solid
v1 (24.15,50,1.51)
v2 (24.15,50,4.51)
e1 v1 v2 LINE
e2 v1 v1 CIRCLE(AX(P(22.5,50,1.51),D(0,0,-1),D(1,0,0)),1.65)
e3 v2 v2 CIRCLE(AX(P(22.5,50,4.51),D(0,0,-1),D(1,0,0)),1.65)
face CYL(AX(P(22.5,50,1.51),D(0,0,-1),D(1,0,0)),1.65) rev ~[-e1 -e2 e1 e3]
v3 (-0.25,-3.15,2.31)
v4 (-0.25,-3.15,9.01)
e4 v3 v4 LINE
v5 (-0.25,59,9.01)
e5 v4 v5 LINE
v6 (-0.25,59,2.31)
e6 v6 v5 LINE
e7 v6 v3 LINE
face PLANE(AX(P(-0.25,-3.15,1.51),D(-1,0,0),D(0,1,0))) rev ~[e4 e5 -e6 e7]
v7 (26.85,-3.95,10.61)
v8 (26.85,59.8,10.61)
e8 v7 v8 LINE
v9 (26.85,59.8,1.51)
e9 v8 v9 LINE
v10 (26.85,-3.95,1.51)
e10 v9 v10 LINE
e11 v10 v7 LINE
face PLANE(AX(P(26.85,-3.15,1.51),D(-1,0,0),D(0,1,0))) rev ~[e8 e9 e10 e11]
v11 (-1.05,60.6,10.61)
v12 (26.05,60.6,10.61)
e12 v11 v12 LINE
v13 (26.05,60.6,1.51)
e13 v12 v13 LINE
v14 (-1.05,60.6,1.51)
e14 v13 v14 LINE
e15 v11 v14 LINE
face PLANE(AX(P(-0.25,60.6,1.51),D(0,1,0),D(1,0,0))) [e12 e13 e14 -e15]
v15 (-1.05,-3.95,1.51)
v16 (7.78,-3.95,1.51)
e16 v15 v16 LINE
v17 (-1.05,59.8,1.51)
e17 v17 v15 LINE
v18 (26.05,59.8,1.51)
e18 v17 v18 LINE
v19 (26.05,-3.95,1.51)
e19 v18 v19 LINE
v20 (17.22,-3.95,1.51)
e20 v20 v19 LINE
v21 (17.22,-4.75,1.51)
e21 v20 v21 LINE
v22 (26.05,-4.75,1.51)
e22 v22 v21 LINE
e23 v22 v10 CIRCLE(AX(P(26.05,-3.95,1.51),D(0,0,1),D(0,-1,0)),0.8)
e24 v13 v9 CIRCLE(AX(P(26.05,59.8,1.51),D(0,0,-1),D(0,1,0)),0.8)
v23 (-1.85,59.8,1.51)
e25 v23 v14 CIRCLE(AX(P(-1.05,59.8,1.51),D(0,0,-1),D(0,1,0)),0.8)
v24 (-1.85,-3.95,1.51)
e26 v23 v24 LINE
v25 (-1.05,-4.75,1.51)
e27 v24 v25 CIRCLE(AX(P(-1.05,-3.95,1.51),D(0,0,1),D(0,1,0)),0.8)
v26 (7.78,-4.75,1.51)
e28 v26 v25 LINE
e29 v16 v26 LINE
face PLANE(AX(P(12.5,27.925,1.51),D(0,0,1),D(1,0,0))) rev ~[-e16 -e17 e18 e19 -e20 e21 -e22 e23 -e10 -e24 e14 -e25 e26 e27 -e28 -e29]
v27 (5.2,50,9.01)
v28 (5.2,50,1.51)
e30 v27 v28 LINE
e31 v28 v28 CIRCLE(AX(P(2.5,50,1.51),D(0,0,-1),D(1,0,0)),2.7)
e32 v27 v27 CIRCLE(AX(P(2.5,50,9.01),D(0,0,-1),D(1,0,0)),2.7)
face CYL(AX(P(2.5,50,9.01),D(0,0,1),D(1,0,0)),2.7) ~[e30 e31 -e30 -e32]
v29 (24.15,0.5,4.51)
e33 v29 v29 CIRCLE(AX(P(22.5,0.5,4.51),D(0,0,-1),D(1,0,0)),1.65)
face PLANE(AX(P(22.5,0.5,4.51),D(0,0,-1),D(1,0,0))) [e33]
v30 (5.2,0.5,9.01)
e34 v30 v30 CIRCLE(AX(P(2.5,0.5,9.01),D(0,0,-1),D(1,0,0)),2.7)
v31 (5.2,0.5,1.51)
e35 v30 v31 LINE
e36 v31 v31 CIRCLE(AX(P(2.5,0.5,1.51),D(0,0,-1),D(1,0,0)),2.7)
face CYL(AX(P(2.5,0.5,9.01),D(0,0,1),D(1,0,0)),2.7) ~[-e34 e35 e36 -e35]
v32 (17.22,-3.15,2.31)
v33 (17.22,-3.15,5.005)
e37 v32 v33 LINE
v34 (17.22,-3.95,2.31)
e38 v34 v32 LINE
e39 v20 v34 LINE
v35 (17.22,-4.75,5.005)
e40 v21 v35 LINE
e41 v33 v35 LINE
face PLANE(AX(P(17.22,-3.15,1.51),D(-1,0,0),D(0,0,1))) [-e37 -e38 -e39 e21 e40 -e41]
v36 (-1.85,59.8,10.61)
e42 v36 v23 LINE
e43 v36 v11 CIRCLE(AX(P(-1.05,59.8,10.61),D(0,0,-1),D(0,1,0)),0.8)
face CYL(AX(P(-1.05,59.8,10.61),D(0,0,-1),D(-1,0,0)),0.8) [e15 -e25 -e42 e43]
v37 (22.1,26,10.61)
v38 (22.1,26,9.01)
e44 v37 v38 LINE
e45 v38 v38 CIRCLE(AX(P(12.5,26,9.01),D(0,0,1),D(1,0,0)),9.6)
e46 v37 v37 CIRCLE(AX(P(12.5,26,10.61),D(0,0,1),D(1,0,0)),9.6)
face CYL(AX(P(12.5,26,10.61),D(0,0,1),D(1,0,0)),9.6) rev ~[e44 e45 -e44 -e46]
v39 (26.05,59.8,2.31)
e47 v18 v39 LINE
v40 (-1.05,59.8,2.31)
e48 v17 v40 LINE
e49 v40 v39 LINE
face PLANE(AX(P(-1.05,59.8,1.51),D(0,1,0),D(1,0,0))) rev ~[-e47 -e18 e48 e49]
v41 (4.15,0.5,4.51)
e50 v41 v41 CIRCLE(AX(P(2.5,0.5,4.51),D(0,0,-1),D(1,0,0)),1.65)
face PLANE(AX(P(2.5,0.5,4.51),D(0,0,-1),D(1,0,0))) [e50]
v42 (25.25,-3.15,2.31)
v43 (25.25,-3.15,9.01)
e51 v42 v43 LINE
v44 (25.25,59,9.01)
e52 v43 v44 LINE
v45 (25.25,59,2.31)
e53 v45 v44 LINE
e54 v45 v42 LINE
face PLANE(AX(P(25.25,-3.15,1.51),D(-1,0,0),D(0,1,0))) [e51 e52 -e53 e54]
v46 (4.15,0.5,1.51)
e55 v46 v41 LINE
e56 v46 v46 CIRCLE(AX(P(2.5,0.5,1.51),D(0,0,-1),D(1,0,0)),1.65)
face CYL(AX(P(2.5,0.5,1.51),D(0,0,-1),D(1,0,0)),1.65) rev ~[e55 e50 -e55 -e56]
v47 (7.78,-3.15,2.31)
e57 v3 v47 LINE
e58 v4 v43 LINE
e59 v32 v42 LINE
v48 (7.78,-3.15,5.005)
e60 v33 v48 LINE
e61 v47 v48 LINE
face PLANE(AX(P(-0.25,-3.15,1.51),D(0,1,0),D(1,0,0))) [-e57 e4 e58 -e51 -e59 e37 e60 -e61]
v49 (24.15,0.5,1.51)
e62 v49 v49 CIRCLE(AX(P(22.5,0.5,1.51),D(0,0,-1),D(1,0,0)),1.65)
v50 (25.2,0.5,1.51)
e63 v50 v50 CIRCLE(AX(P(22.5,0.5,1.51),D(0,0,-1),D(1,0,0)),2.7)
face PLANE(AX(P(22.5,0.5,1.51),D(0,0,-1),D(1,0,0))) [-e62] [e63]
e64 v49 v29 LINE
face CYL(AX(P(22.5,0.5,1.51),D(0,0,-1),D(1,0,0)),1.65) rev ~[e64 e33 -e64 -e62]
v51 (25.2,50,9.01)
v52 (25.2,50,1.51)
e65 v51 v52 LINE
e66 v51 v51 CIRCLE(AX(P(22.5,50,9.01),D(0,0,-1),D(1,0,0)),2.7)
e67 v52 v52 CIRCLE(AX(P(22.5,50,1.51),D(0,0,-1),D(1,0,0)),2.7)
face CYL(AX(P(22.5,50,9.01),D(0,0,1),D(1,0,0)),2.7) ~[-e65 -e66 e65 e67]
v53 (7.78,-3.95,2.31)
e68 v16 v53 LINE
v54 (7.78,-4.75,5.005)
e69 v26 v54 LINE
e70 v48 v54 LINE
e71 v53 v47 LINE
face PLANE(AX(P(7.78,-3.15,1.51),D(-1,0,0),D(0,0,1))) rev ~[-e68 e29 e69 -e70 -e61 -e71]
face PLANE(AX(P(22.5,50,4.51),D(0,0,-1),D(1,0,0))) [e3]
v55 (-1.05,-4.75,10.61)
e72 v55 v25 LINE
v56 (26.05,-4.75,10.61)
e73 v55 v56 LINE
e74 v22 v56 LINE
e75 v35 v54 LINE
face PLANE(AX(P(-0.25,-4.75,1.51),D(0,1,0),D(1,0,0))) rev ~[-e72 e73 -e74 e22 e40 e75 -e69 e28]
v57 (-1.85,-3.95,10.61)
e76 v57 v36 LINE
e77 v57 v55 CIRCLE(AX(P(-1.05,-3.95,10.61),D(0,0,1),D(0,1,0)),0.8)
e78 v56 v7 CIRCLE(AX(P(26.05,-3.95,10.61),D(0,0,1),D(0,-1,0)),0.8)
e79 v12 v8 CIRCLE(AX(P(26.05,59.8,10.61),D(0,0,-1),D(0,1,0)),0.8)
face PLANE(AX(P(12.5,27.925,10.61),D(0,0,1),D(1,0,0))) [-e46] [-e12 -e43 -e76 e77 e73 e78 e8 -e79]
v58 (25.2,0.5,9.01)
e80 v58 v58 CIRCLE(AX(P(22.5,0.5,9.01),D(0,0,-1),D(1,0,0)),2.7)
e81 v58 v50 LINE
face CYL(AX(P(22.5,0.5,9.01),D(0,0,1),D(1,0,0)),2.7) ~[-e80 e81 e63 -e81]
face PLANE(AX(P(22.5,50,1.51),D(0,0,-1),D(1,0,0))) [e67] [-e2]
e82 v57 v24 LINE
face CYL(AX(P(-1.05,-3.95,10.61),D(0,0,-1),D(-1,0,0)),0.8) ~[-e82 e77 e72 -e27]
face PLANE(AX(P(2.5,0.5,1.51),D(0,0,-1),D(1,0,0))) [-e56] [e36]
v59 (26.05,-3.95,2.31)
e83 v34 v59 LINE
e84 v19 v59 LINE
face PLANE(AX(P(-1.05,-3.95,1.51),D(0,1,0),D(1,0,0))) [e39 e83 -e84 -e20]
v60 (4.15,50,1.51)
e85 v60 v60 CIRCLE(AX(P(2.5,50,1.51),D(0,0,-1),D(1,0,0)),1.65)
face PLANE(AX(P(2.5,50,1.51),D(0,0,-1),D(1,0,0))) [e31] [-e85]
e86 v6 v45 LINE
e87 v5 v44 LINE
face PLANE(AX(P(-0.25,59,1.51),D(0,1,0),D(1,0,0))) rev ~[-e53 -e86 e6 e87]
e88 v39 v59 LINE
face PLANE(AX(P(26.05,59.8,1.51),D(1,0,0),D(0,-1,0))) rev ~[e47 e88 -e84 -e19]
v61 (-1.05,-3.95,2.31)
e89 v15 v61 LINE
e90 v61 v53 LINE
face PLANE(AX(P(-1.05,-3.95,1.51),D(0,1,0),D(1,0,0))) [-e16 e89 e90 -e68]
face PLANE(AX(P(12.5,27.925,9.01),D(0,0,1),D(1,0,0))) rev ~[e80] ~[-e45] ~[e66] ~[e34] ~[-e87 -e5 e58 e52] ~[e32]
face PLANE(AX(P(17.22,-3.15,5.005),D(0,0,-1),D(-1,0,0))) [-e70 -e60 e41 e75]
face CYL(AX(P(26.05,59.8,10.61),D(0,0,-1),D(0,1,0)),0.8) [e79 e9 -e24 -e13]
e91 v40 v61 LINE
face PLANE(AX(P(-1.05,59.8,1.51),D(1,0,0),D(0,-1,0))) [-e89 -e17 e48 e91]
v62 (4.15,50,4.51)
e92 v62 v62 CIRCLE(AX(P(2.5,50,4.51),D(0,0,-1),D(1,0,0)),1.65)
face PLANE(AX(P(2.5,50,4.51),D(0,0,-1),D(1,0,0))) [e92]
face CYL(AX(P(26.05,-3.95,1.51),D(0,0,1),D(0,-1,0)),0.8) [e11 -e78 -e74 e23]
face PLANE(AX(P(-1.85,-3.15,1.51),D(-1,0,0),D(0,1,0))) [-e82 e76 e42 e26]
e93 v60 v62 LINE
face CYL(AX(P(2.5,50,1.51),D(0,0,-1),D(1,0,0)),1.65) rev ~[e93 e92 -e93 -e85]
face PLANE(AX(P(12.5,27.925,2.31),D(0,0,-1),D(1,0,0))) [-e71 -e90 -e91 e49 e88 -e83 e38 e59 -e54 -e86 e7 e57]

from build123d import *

# Parameters (mm, degrees)
SKETCH007_W     = 25.5
SKETCH007_H     = 62.15
PAD004_DEPTH    = 7.5
THICKNESS001_T  = 1.6
SKETCH008_R     = 9.6
POCKET002_DEPTH = 5
SKETCH009_W     = 27.1
SKETCH009_H     = 63.75
SKETCH009_W_2   = 25.5
SKETCH009_H_2   = 62.15
POCKET003_DEPTH = 0.8
FILLET001_R     = 0.8
SKETCH010_R     = 2.7
PAD005_DEPTH    = 7.5
SKETCH011_R     = 1.65
POCKET004_DEPTH = 3
SKETCH012_W     = 9.44
SKETCH012_H     = 3.495
POCKET005_DEPTH = 5


with BuildPart() as part:
    # Sketch007 (on Face1 of Binder001) → Pad004 (new body)
    with BuildSketch(Plane.XY.offset(1.51)):
        with Locations((12.5, 27.925)):
            Rectangle(SKETCH007_W, SKETCH007_H)
    extrude(amount=PAD004_DEPTH)

    # Thickness001
    thickness001_openings = [part.faces().sort_by_distance(p)[0] for p in [
        (12.5, 27.925, 1.51),
    ]]
    offset(amount=THICKNESS001_T, openings=thickness001_openings, kind=Kind.INTERSECTION)

    # Sketch008 (on Face11 of Thickness001) → Pocket002 (cut)
    with BuildSketch(Plane.XY.offset(10.61)):
        with Locations((12.5, 26)):
            Circle(SKETCH008_R)
    extrude(amount=-POCKET002_DEPTH, mode=Mode.SUBTRACT)

    # Sketch009 (on Face4 of Pocket002) → Pocket003 (cut)
    with BuildSketch(Plane(origin=(0, 0, 1.51), x_dir=(1, 0, 0), z_dir=(0, 0, -1))):
        with Locations((12.5, -27.925)):
            Rectangle(SKETCH009_W, SKETCH009_H)
        with Locations((12.5, -27.925)):
            Rectangle(SKETCH009_W_2, SKETCH009_H_2, mode=Mode.SUBTRACT)
    extrude(amount=-POCKET003_DEPTH, mode=Mode.SUBTRACT)

    # Fillet001
    fillet001_edges = [part.edges().sort_by_distance(p)[0] for p in [
        (26.85, -4.75, 6.06),
        (26.85, 60.6, 6.06),
        (-1.85, 60.6, 6.06),
        (-1.85, -4.75, 6.06),
    ]]
    fillet(fillet001_edges, radius=FILLET001_R)

    # Sketch010 (on Face21 of Fillet001) → Pad005 (join)
    with BuildSketch(Plane(origin=(0, 0, 9.01), x_dir=(1, 0, 0), z_dir=(0, 0, -1))):
        with Locations((2.5, -0.5)):
            Circle(SKETCH010_R)
        with Locations((22.5, -0.5)):
            Circle(SKETCH010_R)
        with Locations((2.5, -50)):
            Circle(SKETCH010_R)
        with Locations((22.5, -50)):
            Circle(SKETCH010_R)
    extrude(amount=PAD005_DEPTH)

    # Sketch011 (on Face27 of Pad005) → Pocket004 (cut)
    with BuildSketch(Plane(origin=(0, 0, 1.51), x_dir=(1, 0, 0), z_dir=(0, 0, -1))):
        with Locations((2.5, -0.5)):
            Circle(SKETCH011_R)
        with Locations((22.5, -0.5)):
            Circle(SKETCH011_R)
        with Locations((2.5, -50)):
            Circle(SKETCH011_R)
        with Locations((22.5, -50)):
            Circle(SKETCH011_R)
    extrude(amount=-POCKET004_DEPTH, mode=Mode.SUBTRACT)

    # Sketch012 (on Face20 of Pocket004) → Pocket005 (cut)
    with BuildSketch(Plane(origin=(0, -3.15, 0), x_dir=(-1, 0, 0), z_dir=(0, 1, 0))):
        with Locations((-12.5, 3.2575)):
            Rectangle(SKETCH012_W, SKETCH012_H)
    extrude(amount=-POCKET005_DEPTH, mode=Mode.SUBTRACT)


solid = part.part
